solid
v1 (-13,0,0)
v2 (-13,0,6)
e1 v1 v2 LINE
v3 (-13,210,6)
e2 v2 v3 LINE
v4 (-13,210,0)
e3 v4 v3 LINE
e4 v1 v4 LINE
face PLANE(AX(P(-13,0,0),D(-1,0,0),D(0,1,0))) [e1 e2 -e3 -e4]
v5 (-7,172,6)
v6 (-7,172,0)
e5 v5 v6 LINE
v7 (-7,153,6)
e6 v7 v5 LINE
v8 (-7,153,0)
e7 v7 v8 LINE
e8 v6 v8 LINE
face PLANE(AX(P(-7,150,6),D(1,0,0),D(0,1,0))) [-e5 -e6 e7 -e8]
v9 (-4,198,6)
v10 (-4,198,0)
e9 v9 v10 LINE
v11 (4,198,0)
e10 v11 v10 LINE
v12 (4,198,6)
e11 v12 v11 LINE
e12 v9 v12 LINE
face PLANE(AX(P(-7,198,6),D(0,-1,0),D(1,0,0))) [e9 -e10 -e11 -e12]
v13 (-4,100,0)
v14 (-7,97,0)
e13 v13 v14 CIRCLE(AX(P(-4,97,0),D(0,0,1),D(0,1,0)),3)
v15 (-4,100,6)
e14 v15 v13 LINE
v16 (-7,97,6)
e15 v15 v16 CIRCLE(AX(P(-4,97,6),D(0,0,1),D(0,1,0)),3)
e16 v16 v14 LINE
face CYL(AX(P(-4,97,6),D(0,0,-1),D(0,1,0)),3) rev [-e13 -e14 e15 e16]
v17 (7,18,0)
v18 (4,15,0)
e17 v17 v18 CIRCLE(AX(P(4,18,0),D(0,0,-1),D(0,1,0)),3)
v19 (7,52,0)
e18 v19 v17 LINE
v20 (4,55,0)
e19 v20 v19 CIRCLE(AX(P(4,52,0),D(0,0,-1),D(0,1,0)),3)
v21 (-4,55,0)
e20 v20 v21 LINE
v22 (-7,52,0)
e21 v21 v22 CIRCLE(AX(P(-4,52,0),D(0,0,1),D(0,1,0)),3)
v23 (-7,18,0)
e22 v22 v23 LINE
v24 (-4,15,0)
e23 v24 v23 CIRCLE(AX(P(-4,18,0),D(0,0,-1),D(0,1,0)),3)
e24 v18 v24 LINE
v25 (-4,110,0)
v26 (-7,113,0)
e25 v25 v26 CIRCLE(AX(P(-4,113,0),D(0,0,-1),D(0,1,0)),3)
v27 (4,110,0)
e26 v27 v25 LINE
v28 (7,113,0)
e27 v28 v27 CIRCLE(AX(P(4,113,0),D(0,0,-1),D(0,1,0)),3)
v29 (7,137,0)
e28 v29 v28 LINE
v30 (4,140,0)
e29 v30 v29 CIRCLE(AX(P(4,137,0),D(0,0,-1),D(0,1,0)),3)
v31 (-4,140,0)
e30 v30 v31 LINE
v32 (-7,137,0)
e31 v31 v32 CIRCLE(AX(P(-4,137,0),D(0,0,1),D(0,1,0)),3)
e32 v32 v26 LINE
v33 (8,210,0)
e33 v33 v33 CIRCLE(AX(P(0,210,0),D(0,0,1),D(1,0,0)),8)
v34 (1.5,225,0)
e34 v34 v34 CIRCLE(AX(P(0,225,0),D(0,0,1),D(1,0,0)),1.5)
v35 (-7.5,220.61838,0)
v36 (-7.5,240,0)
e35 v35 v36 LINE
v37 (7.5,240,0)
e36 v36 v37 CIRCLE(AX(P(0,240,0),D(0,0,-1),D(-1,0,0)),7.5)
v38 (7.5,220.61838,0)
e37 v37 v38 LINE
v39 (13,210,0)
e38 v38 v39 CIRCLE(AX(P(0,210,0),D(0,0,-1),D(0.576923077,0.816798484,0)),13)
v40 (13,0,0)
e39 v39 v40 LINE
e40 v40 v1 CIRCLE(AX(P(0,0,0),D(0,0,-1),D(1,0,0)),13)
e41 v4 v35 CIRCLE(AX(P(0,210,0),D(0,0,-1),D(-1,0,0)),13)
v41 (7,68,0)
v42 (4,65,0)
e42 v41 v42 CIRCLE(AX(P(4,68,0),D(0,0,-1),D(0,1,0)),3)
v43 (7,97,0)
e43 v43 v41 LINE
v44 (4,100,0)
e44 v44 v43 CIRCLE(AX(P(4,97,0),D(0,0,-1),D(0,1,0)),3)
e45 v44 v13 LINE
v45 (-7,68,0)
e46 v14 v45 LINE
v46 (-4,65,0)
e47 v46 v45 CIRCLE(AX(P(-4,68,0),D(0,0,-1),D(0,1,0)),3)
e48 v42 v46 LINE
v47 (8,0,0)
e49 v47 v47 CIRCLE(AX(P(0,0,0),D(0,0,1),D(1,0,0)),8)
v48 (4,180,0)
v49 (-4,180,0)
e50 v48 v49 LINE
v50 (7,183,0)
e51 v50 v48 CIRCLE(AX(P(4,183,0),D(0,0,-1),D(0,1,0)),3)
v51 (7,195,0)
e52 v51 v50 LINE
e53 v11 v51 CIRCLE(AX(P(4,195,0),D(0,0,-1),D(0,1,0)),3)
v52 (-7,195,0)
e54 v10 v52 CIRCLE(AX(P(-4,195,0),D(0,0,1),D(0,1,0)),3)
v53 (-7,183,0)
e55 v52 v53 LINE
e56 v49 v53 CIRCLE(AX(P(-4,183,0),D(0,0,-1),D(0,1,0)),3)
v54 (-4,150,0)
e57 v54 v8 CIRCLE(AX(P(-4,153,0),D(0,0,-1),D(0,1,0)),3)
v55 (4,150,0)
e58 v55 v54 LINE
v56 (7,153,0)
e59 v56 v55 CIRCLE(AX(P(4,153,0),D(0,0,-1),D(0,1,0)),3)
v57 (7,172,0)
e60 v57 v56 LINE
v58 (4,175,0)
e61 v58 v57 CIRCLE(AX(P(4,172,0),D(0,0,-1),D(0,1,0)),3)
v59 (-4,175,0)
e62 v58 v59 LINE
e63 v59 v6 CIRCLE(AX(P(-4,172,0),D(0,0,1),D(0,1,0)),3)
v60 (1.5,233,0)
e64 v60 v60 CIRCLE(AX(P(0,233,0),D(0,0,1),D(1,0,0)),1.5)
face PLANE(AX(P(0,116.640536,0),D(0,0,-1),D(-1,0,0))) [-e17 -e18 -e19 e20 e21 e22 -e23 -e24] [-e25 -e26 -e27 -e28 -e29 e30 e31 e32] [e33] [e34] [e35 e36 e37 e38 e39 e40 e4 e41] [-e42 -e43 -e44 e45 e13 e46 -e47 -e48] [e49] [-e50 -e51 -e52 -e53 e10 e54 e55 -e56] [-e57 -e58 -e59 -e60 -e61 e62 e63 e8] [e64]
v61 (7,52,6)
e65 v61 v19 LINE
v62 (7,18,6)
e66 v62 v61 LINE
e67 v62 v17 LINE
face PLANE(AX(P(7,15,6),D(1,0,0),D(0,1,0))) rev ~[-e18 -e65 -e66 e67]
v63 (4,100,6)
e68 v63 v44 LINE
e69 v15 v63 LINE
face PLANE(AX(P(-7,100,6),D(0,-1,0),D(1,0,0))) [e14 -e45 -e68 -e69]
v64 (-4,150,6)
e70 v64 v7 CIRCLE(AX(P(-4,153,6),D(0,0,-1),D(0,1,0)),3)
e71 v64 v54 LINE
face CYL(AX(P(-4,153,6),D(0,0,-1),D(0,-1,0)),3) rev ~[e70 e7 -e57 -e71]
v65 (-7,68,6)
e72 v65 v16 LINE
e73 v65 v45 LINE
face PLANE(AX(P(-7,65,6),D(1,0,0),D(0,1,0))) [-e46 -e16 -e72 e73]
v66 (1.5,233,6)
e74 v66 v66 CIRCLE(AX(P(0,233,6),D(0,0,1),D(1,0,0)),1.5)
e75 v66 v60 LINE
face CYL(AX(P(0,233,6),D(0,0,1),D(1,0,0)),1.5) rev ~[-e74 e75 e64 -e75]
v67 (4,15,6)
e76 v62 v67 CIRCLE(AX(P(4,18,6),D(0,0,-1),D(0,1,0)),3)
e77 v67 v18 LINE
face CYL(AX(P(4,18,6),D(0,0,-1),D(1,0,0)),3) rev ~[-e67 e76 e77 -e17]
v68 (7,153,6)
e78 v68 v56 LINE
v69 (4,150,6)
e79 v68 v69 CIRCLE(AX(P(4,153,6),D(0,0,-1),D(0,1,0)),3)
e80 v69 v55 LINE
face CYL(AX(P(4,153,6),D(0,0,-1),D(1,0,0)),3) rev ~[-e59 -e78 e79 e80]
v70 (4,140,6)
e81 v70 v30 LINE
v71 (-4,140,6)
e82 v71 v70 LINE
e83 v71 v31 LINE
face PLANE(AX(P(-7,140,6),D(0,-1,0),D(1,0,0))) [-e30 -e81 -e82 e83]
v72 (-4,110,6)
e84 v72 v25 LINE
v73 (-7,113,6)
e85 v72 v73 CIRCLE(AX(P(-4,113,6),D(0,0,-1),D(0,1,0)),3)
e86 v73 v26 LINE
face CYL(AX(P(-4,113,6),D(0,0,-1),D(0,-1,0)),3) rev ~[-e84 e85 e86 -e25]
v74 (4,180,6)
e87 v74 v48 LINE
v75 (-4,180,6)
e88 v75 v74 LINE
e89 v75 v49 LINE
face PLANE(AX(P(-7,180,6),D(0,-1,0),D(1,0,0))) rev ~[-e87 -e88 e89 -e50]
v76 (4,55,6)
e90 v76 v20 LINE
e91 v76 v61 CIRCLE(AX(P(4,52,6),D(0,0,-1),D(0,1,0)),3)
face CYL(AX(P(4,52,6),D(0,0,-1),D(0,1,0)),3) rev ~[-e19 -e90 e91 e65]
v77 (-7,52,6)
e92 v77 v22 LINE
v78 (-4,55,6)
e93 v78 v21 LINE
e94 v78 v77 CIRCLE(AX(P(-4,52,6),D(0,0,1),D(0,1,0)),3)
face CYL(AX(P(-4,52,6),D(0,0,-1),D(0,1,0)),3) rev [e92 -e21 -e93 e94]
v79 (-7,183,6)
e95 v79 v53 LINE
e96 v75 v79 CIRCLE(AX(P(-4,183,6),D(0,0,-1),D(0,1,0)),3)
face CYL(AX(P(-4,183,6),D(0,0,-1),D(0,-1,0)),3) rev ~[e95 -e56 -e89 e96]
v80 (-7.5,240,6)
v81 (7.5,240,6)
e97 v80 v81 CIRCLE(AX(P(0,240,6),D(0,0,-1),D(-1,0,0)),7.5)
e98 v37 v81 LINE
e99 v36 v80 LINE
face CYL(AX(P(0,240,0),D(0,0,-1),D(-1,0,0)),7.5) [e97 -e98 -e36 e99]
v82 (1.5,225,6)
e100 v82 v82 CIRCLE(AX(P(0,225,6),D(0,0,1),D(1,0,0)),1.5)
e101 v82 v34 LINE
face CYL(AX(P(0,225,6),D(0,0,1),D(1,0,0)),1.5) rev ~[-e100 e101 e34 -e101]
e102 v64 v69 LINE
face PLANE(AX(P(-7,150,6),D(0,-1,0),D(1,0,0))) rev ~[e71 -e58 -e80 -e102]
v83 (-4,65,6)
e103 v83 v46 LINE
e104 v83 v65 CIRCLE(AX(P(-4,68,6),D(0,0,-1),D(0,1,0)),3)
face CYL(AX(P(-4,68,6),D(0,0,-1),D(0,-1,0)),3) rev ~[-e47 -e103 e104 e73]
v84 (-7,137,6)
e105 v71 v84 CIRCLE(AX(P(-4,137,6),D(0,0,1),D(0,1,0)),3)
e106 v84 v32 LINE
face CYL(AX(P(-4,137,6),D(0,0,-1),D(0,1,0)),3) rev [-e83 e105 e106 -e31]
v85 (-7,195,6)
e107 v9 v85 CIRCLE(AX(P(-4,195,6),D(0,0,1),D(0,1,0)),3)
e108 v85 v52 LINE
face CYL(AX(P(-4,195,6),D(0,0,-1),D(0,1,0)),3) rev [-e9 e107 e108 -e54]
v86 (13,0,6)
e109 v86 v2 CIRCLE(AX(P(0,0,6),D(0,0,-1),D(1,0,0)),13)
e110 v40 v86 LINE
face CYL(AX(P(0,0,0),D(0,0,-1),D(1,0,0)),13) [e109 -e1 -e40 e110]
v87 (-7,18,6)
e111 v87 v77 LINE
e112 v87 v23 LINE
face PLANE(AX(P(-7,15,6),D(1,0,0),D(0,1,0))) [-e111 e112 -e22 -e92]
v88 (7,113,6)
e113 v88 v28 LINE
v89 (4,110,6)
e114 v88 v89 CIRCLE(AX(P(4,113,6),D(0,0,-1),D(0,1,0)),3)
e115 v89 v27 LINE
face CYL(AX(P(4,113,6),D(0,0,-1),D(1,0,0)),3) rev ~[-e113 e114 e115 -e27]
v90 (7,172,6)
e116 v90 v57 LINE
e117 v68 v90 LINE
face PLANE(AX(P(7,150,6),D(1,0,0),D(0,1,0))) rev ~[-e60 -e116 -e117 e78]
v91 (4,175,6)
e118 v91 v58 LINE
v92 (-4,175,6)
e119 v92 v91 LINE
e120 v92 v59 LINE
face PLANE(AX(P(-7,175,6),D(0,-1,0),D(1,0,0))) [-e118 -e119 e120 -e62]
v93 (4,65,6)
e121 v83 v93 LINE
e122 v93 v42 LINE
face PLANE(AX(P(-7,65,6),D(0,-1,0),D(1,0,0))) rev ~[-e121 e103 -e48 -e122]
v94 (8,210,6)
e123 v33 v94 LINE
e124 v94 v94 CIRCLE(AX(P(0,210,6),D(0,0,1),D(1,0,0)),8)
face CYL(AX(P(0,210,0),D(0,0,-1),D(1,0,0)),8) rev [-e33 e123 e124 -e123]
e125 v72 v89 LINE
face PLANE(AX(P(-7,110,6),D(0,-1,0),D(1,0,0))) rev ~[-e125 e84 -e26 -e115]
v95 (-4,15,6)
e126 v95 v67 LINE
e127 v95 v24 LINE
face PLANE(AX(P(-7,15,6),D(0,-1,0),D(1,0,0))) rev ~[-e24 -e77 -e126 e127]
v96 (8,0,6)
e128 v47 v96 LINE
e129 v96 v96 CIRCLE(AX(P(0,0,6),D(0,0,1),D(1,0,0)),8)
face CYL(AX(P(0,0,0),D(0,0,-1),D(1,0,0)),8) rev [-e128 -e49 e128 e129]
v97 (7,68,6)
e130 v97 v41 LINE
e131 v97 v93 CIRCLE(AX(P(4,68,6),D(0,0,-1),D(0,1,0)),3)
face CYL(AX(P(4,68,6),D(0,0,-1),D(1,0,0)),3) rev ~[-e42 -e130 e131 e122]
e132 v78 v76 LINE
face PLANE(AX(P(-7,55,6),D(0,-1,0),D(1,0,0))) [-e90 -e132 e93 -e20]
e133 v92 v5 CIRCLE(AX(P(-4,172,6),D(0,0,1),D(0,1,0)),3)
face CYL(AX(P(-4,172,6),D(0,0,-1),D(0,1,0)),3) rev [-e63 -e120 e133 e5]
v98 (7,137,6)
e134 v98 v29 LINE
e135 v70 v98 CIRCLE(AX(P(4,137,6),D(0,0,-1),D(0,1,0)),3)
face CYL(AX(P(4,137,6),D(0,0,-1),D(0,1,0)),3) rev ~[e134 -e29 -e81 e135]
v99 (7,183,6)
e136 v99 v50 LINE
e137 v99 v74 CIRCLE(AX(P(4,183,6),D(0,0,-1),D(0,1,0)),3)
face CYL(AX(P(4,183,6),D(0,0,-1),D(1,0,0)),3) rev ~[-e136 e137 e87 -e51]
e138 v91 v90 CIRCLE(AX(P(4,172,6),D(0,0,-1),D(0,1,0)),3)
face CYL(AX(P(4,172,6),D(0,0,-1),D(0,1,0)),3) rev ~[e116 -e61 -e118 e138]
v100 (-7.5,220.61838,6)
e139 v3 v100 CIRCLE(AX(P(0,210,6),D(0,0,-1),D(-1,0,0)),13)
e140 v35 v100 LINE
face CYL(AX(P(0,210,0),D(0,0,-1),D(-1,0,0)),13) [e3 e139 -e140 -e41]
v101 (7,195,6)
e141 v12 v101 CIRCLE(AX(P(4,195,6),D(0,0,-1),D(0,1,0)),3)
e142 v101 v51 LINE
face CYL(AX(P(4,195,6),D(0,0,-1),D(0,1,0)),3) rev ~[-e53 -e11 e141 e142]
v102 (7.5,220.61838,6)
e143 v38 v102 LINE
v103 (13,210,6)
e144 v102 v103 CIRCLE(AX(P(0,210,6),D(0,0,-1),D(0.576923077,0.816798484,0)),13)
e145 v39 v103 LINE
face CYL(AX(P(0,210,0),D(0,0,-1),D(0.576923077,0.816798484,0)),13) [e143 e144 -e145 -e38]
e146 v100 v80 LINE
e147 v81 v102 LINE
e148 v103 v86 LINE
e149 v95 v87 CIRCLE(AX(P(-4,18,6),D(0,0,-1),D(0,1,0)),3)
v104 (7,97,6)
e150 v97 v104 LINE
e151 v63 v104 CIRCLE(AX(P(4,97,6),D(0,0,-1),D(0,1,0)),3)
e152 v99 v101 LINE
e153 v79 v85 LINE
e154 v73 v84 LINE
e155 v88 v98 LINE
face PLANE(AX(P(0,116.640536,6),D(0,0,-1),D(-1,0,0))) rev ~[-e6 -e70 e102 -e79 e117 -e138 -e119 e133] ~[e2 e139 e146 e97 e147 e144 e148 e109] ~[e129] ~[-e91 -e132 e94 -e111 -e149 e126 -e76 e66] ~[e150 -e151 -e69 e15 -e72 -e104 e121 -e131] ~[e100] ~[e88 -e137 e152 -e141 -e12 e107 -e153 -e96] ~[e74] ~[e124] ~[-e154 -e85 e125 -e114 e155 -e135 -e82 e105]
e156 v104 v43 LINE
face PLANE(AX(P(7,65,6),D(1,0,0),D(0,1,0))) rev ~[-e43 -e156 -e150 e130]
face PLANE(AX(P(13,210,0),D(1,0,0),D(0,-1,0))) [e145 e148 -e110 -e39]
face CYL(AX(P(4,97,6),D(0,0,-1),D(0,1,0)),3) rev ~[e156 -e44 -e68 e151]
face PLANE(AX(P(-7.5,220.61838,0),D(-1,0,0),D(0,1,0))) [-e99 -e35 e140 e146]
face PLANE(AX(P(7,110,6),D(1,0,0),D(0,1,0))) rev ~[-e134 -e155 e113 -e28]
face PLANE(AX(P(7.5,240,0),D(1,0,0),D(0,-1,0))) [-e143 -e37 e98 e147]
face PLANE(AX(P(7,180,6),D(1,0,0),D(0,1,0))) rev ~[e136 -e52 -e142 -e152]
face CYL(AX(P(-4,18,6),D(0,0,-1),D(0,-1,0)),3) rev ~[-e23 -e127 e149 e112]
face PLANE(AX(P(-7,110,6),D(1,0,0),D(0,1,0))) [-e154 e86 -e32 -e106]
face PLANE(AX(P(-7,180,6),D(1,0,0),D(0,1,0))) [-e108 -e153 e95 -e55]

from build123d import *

# Parameters (mm, degrees)
SKETCH_1_R          = 8
EXTRUDE_1_DEPTH     = 6
SKETCH_2_R          = 1.5
SKETCH_2_W          = 14
SKETCH_2_H          = 25
SKETCH_2_H_2        = 30
SKETCH_2_H_3        = 35
SKETCH_2_H_4        = 40
SKETCH_2_H_5        = 18
CUT_EXTRUDE_1_DEPTH = 248.913795502
FILLET_1_R          = 3


with BuildPart() as part:
    # 草图1 → 凸台-拉伸1 (new body)
    with BuildSketch(Plane.XY):
        with BuildLine():
            Line((-13, 0), (-13, 210))
            ThreePointArc((-13, 210), (-11.543396381, 215.979130372), (-7.5, 220.618380291))
            Line((-7.5, 220.618380291), (-7.5, 240))
            ThreePointArc((-7.5, 240), (0, 247.5), (7.5, 240))
            Line((7.5, 240), (7.5, 220.618380291))
            ThreePointArc((7.5, 220.618380291), (11.543396381, 215.979130372), (13, 210))
            Line((13, 210), (13, 0))
            ThreePointArc((13, 0), (0, -13), (-13, 0))
        make_face()
        Circle(SKETCH_1_R, mode=Mode.SUBTRACT)
        with Locations((0, 210)):
            Circle(SKETCH_1_R, mode=Mode.SUBTRACT)
    extrude(amount=EXTRUDE_1_DEPTH)

    # 草图2 → 切除-拉伸1 (cut, through all)
    with BuildSketch(Plane.XY.offset(6)):
        with Locations((0, 233)):
            Circle(SKETCH_2_R)
        with Locations((0, 225)):
            Circle(SKETCH_2_R)
        with Locations((0, 162.5)):
            Rectangle(SKETCH_2_W, SKETCH_2_H)
        with Locations((0, 125)):
            Rectangle(SKETCH_2_W, SKETCH_2_H_2)
        with Locations((0, 82.5)):
            Rectangle(SKETCH_2_W, SKETCH_2_H_3)
        with Locations((0, 35)):
            Rectangle(SKETCH_2_W, SKETCH_2_H_4)
        with Locations((0, 189)):
            Rectangle(SKETCH_2_W, SKETCH_2_H_5)
    extrude(amount=-CUT_EXTRUDE_1_DEPTH, mode=Mode.SUBTRACT)

    # 圆角1
    fillet_1_edges = [part.edges().sort_by_distance(p)[0] for p in [
        (7, 55, 3),
        (7, 15, 3),
        (-7, 15, 3),
        (-7, 55, 3),
        (7, 100, 3),
        (7, 65, 3),
        (-7, 65, 3),
        (-7, 100, 3),
        (7, 140, 3),
        (7, 110, 3),
        (-7, 110, 3),
        (-7, 140, 3),
        (7, 198, 3),
        (7, 180, 3),
        (-7, 180, 3),
        (-7, 198, 3),
        (7, 175, 3),
        (7, 150, 3),
        (-7, 150, 3),
        (-7, 175, 3),
    ]]
    fillet(fillet_1_edges, radius=FILLET_1_R)


solid = part.part
